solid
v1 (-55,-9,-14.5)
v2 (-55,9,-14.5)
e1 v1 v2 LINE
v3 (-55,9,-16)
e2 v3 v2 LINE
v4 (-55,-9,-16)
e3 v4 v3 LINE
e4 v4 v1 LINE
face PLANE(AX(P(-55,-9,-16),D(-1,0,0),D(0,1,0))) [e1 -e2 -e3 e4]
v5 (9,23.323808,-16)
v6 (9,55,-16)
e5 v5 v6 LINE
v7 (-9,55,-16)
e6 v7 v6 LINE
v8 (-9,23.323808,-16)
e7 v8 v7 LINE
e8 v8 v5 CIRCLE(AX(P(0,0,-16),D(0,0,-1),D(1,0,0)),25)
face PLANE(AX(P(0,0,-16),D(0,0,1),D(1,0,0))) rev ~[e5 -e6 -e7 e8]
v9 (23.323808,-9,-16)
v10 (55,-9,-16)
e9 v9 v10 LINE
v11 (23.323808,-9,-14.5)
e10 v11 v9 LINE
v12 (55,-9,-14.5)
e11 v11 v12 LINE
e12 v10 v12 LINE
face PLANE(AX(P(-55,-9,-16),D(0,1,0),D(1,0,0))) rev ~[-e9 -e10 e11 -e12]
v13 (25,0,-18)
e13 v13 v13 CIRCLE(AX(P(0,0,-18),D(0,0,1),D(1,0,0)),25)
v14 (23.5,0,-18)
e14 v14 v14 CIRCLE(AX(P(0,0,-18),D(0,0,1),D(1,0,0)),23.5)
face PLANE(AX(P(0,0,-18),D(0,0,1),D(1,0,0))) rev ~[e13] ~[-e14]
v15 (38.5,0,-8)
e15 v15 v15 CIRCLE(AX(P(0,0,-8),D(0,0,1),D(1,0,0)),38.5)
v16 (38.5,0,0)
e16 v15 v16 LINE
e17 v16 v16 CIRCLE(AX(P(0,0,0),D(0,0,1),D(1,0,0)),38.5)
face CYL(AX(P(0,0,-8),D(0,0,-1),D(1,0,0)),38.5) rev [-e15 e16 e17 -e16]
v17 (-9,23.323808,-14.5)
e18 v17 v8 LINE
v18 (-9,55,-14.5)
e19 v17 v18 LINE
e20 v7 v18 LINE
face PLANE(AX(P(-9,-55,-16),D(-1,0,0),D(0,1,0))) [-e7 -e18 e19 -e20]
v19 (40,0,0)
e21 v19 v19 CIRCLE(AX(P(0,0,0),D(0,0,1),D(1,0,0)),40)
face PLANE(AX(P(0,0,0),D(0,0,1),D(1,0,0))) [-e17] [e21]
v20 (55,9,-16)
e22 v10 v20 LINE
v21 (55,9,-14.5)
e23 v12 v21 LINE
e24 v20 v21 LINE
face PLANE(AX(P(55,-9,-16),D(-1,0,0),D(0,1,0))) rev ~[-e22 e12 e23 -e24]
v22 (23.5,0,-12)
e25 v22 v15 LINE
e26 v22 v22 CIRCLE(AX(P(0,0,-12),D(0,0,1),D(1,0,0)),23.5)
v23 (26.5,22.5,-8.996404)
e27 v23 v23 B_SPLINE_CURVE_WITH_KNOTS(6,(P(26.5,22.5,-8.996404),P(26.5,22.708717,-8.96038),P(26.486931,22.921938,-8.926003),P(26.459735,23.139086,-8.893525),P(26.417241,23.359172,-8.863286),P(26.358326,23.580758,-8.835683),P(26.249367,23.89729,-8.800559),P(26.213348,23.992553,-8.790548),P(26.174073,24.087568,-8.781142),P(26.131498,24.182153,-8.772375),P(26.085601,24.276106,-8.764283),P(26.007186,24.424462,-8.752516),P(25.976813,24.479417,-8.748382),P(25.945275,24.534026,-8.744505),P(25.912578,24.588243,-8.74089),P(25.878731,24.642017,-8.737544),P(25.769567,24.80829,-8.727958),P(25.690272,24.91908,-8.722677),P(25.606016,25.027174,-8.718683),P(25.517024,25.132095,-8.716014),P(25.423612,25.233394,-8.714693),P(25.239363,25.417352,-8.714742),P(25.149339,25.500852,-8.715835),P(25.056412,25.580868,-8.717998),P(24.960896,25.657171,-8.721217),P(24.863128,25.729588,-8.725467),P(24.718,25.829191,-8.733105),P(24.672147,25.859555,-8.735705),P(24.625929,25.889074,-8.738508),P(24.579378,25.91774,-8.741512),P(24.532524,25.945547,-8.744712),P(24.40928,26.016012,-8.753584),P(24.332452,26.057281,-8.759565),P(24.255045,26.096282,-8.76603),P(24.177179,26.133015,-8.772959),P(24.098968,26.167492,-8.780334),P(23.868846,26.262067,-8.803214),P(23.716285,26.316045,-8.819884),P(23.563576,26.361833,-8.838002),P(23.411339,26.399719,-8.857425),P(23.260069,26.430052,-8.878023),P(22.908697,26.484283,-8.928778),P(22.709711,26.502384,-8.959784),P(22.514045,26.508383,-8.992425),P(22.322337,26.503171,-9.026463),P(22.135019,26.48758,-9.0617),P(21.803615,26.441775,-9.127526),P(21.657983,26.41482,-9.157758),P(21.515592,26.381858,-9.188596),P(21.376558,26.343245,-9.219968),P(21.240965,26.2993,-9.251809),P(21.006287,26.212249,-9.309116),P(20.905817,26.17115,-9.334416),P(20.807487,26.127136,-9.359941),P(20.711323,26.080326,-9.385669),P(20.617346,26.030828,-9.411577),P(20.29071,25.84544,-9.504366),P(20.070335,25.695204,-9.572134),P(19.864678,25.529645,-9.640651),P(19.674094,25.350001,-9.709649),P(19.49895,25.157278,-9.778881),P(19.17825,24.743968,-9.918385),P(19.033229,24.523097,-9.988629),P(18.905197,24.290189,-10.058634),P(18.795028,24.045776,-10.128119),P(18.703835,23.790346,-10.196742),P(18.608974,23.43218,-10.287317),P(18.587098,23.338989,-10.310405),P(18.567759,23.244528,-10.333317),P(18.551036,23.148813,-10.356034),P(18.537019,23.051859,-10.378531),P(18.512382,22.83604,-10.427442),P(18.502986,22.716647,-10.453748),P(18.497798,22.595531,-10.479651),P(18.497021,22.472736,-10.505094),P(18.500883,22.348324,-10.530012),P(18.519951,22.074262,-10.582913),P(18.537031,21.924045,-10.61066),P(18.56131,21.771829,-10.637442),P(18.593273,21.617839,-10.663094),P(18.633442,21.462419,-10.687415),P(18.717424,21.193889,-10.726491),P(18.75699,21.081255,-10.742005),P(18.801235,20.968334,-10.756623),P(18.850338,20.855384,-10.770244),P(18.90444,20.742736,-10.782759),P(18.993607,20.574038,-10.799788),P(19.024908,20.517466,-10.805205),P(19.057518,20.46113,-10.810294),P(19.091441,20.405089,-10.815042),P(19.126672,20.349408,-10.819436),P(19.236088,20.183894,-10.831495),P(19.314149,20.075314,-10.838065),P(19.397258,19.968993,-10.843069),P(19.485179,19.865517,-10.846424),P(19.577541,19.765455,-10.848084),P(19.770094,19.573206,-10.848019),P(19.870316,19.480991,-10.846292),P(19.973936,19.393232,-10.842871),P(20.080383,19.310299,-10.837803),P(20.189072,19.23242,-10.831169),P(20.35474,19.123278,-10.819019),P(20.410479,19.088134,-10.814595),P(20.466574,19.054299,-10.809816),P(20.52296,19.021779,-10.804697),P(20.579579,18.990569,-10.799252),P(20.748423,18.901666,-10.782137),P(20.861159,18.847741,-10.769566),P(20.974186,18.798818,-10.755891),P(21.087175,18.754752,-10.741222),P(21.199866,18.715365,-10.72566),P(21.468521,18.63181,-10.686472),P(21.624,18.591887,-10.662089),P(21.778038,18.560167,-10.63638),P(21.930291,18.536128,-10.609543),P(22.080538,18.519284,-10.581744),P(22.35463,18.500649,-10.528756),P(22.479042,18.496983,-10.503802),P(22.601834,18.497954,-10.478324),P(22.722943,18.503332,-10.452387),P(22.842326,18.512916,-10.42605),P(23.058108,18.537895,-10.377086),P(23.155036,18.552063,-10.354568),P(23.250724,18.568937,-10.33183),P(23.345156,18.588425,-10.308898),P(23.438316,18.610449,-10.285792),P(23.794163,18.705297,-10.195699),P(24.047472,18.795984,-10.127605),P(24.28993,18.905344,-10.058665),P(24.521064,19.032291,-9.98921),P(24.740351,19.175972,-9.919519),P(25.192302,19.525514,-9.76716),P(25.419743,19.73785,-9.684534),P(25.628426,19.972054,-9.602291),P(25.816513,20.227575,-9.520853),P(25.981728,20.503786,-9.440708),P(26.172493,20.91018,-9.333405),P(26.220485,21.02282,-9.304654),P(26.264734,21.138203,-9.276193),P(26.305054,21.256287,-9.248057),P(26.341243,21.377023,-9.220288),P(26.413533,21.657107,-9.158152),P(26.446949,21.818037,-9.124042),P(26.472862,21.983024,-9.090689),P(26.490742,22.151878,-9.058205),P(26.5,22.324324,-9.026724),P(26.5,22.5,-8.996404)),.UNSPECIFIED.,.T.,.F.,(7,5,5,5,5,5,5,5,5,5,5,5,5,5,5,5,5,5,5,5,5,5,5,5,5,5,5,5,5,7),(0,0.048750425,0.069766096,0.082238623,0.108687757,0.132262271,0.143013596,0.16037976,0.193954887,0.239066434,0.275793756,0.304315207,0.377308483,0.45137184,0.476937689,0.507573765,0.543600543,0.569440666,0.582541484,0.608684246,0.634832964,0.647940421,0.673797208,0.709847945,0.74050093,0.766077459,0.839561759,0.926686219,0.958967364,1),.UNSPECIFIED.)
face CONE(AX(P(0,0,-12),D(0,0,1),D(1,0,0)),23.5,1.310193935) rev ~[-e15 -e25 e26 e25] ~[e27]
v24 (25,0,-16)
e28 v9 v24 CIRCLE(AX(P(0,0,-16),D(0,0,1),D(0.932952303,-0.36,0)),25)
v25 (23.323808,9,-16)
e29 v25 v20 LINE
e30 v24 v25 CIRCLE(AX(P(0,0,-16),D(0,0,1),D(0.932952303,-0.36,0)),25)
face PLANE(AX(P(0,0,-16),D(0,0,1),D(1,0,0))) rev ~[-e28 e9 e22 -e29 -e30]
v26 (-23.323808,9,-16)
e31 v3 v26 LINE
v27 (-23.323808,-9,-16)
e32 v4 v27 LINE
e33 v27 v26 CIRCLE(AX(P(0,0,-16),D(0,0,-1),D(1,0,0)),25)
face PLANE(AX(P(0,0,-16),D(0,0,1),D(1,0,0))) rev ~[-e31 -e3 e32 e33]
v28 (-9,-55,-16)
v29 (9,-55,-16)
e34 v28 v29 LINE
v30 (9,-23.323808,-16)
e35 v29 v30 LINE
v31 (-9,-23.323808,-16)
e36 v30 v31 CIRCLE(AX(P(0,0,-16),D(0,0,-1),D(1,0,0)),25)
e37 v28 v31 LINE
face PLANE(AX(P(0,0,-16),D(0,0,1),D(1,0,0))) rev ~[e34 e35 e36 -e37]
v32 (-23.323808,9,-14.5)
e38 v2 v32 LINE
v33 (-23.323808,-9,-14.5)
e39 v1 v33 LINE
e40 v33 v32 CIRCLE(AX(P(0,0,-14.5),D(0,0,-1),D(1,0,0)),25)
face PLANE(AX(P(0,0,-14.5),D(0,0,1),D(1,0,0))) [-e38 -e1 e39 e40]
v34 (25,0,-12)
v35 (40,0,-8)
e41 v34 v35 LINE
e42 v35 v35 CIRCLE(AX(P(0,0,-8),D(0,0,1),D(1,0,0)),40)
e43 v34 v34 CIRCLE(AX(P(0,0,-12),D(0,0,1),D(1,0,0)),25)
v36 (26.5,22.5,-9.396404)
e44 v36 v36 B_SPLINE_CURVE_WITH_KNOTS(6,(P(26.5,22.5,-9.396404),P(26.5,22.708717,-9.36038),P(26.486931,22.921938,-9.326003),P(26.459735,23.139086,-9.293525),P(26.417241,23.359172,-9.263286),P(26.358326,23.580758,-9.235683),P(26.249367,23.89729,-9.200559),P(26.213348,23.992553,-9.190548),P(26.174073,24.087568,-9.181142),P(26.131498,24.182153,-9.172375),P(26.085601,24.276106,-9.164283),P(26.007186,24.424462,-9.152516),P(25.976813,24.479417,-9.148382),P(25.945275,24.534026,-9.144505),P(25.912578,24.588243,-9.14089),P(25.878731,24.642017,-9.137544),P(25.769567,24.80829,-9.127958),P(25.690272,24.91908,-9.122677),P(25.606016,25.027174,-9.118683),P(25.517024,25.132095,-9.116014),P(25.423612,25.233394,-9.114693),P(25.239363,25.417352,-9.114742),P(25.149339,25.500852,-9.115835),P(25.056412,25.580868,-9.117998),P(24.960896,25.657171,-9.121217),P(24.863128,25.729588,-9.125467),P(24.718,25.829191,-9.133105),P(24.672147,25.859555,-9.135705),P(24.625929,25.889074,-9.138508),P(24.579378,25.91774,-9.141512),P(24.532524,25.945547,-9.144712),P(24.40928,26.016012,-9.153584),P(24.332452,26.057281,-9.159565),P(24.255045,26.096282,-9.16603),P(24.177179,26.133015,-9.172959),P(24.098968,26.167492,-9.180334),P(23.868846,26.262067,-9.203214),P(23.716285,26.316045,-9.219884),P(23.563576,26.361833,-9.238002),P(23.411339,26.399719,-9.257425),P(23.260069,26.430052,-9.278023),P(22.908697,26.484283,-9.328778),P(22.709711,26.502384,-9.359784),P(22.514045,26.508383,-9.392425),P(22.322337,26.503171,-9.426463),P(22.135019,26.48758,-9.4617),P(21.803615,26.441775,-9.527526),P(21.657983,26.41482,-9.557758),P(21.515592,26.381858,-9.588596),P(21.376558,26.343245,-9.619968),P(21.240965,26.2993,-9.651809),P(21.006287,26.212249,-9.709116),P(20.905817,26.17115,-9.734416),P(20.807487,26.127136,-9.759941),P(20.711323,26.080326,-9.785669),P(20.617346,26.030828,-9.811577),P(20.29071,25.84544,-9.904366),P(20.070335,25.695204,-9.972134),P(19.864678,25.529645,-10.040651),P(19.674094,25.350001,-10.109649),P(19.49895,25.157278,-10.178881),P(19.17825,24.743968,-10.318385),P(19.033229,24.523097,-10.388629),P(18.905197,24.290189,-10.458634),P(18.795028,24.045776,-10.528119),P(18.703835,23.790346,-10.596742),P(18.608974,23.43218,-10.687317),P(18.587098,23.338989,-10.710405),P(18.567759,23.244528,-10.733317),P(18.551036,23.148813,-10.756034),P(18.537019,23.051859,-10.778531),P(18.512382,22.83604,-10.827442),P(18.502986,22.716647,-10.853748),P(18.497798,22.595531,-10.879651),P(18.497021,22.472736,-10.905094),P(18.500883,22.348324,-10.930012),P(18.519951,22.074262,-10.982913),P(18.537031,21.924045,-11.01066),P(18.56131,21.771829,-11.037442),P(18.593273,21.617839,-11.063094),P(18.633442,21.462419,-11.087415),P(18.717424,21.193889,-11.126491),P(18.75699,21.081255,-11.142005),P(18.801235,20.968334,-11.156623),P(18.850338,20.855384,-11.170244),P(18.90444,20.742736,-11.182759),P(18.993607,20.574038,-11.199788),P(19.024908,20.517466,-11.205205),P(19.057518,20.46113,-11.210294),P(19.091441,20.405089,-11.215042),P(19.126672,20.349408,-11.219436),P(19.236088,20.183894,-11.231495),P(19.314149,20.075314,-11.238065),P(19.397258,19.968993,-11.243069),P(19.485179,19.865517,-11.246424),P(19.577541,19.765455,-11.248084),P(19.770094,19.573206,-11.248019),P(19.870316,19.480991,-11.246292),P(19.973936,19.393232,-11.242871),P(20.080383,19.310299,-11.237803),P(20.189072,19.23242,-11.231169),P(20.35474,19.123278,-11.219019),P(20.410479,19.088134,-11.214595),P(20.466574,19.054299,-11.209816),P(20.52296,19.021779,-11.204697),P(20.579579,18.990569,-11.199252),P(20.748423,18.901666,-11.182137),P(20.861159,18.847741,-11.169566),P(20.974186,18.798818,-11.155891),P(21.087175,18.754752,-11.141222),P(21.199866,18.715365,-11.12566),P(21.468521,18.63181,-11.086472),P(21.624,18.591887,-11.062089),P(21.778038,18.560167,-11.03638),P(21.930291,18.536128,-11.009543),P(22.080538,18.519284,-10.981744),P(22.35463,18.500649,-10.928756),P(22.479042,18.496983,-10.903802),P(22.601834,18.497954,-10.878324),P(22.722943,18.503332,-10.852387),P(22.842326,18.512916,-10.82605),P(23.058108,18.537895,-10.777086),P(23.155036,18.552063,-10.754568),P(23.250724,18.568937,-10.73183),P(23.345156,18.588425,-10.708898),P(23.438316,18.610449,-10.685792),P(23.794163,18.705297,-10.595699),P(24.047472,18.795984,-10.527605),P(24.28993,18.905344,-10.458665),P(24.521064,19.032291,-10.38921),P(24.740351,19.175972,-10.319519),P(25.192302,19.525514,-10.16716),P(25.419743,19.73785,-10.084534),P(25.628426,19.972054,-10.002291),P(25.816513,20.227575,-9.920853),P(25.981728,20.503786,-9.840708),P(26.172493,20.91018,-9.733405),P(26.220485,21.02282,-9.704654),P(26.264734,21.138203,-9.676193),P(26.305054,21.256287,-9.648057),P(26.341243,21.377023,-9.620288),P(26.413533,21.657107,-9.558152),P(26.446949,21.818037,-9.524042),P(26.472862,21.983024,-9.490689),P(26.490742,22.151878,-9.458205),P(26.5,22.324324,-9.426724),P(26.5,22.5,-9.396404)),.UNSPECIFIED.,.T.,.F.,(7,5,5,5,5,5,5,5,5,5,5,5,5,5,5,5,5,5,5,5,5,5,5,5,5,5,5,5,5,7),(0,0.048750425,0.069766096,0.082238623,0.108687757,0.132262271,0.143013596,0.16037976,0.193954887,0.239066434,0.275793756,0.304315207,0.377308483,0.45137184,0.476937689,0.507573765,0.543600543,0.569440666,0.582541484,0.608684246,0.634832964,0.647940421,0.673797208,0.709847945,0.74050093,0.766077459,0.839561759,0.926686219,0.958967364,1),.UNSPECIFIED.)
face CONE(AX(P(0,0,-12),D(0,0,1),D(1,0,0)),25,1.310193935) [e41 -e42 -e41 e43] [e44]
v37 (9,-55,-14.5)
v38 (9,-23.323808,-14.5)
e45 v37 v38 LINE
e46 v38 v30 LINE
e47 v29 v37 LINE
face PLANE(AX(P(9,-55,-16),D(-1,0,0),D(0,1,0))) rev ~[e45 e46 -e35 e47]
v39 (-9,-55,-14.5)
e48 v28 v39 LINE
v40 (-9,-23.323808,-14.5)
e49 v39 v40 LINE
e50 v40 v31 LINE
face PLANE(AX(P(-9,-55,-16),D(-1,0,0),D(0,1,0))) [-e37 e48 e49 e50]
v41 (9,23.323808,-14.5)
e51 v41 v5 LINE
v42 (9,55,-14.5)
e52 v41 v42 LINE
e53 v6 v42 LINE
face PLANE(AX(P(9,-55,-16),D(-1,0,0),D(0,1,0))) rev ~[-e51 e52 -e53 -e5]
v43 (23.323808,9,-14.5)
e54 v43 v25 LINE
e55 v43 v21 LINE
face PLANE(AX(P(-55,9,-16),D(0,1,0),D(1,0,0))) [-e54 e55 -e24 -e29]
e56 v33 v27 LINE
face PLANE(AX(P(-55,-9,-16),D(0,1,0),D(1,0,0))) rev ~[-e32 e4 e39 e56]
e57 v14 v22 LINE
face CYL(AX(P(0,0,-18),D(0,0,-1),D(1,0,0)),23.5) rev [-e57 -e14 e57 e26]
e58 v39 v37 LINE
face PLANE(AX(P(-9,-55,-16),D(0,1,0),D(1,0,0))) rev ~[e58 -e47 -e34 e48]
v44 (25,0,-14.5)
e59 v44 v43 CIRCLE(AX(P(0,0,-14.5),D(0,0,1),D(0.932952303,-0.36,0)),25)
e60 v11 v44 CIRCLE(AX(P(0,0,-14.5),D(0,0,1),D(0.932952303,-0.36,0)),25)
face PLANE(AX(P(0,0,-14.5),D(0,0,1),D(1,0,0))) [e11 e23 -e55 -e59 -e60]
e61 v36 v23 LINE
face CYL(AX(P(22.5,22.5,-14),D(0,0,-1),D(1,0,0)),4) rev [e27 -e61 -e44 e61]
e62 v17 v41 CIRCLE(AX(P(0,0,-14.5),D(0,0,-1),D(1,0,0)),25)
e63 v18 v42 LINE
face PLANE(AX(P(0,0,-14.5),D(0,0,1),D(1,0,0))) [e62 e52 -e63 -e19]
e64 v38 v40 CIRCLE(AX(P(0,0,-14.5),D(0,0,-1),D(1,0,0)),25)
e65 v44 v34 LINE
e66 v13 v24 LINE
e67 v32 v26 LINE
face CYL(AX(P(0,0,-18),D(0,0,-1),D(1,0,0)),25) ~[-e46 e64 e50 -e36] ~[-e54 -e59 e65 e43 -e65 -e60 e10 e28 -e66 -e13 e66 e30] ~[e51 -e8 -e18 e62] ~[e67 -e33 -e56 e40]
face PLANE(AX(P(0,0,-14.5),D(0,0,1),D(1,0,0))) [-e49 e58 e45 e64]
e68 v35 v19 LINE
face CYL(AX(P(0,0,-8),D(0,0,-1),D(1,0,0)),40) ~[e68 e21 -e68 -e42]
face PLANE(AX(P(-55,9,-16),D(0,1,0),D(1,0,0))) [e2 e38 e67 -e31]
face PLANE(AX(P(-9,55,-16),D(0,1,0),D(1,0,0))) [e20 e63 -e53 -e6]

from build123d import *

# Parameters (mm, degrees)
CYLINDER004_R     = 23.5
CYLINDER004_DEPTH = 6
CYLINDER003_R     = 25
CYLINDER003_DEPTH = 6
CYLINDER_R        = 4
CYLINDER_DEPTH    = 10
CYLINDER005_R     = 25
CYLINDER005_DEPTH = 6
BOX_W             = 110
BOX_H             = 18
BOX_DEPTH         = 1.5
BOX001_W          = 18
BOX001_H          = 110
BOX001_DEPTH      = 1.5
CYLINDER002_R     = 38.5
CYLINDER002_DEPTH = 8
CYLINDER001_R     = 40
CYLINDER001_DEPTH = 8


with BuildPart() as cilindro004:
    # Cylinder004 → Cylinder004 (new body)
    with BuildSketch(Plane.XY.offset(-18)):
        Circle(CYLINDER004_R)
    extrude(amount=CYLINDER004_DEPTH)


with BuildPart() as cut002:
    # Cylinder003 → Cylinder003 (new body)
    with BuildSketch(Plane.XY.offset(-18)):
        Circle(CYLINDER003_R)
    extrude(amount=CYLINDER003_DEPTH)

    # Cut002: cut Cilindro004
    add(cilindro004.part, mode=Mode.SUBTRACT)


with BuildPart() as cilindro:
    # Cylinder → Cylinder (new body)
    with BuildSketch(Plane(origin=(22.5, 22.5, -14), x_dir=(1, 0, 0), z_dir=(0, 0, 1))):
        Circle(CYLINDER_R)
    extrude(amount=CYLINDER_DEPTH)


with BuildPart() as cono001:
    # Cone001 → Cone001 (revolve)
    with BuildSketch(Plane(origin=(0, 0, -12), x_dir=(1, 0, 0), z_dir=(0, -1, 0))):
        Polygon((0, 0), (23.5, 0), (38.5, 4), (0, 4), align=None)
    revolve(axis=Axis((0, 0, -12), (0, 0, 1)))


with BuildPart() as cut004:
    # Cone → Cone (revolve)
    with BuildSketch(Plane(origin=(0, 0, -12), x_dir=(1, 0, 0), z_dir=(0, -1, 0))):
        Polygon((0, 0), (25, 0), (40, 4), (0, 4), align=None)
    revolve(axis=Axis((0, 0, -12), (0, 0, 1)))

    # Cut001: cut Cono001
    add(cono001.part, mode=Mode.SUBTRACT)

    # Cut004: cut Cilindro
    add(cilindro.part, mode=Mode.SUBTRACT)


with BuildPart() as cilindro005:
    # Cylinder005 → Cylinder005 (new body)
    with BuildSketch(Plane.XY.offset(-18)):
        Circle(CYLINDER005_R)
    extrude(amount=CYLINDER005_DEPTH)


with BuildPart() as cubo:
    # Box → Box (new body)
    with BuildSketch(Plane(origin=(-55, -9, 0), x_dir=(1, 0, 0), z_dir=(0, 0, 1))):
        with Locations((55, 9)):
            Rectangle(BOX_W, BOX_H)
    extrude(amount=BOX_DEPTH)


with BuildPart() as cut005:
    # Box001 → Box001 (new body)
    with BuildSketch(Plane(origin=(-9, -55, 0), x_dir=(1, 0, 0), z_dir=(0, 0, 1))):
        with Locations((9, 55)):
            Rectangle(BOX001_W, BOX001_H)
    extrude(amount=BOX001_DEPTH)

    # Fusion: union Cubo
    add(cubo.part)


with BuildPart() as cut005_1:
    # Fusion placement: moved
    add(cut005.part.moved(Location((0, 0, -16))))

    # Cut005: cut Cilindro005
    add(cilindro005.part, mode=Mode.SUBTRACT)


with BuildPart() as cilindro002:
    # Cylinder002 → Cylinder002 (new body)
    with BuildSketch(Plane.XY.offset(-8)):
        Circle(CYLINDER002_R)
    extrude(amount=CYLINDER002_DEPTH)


with BuildPart() as fusion001:
    # Cylinder001 → Cylinder001 (new body)
    with BuildSketch(Plane.XY.offset(-8)):
        Circle(CYLINDER001_R)
    extrude(amount=CYLINDER001_DEPTH)

    # Cut: cut Cilindro002
    add(cilindro002.part, mode=Mode.SUBTRACT)

    # Fusion001: union Cut002, Cut004, Cut005
    add(cut002.part)
    add(cut004.part)
    add(cut005_1.part)


solid = fusion001.part
